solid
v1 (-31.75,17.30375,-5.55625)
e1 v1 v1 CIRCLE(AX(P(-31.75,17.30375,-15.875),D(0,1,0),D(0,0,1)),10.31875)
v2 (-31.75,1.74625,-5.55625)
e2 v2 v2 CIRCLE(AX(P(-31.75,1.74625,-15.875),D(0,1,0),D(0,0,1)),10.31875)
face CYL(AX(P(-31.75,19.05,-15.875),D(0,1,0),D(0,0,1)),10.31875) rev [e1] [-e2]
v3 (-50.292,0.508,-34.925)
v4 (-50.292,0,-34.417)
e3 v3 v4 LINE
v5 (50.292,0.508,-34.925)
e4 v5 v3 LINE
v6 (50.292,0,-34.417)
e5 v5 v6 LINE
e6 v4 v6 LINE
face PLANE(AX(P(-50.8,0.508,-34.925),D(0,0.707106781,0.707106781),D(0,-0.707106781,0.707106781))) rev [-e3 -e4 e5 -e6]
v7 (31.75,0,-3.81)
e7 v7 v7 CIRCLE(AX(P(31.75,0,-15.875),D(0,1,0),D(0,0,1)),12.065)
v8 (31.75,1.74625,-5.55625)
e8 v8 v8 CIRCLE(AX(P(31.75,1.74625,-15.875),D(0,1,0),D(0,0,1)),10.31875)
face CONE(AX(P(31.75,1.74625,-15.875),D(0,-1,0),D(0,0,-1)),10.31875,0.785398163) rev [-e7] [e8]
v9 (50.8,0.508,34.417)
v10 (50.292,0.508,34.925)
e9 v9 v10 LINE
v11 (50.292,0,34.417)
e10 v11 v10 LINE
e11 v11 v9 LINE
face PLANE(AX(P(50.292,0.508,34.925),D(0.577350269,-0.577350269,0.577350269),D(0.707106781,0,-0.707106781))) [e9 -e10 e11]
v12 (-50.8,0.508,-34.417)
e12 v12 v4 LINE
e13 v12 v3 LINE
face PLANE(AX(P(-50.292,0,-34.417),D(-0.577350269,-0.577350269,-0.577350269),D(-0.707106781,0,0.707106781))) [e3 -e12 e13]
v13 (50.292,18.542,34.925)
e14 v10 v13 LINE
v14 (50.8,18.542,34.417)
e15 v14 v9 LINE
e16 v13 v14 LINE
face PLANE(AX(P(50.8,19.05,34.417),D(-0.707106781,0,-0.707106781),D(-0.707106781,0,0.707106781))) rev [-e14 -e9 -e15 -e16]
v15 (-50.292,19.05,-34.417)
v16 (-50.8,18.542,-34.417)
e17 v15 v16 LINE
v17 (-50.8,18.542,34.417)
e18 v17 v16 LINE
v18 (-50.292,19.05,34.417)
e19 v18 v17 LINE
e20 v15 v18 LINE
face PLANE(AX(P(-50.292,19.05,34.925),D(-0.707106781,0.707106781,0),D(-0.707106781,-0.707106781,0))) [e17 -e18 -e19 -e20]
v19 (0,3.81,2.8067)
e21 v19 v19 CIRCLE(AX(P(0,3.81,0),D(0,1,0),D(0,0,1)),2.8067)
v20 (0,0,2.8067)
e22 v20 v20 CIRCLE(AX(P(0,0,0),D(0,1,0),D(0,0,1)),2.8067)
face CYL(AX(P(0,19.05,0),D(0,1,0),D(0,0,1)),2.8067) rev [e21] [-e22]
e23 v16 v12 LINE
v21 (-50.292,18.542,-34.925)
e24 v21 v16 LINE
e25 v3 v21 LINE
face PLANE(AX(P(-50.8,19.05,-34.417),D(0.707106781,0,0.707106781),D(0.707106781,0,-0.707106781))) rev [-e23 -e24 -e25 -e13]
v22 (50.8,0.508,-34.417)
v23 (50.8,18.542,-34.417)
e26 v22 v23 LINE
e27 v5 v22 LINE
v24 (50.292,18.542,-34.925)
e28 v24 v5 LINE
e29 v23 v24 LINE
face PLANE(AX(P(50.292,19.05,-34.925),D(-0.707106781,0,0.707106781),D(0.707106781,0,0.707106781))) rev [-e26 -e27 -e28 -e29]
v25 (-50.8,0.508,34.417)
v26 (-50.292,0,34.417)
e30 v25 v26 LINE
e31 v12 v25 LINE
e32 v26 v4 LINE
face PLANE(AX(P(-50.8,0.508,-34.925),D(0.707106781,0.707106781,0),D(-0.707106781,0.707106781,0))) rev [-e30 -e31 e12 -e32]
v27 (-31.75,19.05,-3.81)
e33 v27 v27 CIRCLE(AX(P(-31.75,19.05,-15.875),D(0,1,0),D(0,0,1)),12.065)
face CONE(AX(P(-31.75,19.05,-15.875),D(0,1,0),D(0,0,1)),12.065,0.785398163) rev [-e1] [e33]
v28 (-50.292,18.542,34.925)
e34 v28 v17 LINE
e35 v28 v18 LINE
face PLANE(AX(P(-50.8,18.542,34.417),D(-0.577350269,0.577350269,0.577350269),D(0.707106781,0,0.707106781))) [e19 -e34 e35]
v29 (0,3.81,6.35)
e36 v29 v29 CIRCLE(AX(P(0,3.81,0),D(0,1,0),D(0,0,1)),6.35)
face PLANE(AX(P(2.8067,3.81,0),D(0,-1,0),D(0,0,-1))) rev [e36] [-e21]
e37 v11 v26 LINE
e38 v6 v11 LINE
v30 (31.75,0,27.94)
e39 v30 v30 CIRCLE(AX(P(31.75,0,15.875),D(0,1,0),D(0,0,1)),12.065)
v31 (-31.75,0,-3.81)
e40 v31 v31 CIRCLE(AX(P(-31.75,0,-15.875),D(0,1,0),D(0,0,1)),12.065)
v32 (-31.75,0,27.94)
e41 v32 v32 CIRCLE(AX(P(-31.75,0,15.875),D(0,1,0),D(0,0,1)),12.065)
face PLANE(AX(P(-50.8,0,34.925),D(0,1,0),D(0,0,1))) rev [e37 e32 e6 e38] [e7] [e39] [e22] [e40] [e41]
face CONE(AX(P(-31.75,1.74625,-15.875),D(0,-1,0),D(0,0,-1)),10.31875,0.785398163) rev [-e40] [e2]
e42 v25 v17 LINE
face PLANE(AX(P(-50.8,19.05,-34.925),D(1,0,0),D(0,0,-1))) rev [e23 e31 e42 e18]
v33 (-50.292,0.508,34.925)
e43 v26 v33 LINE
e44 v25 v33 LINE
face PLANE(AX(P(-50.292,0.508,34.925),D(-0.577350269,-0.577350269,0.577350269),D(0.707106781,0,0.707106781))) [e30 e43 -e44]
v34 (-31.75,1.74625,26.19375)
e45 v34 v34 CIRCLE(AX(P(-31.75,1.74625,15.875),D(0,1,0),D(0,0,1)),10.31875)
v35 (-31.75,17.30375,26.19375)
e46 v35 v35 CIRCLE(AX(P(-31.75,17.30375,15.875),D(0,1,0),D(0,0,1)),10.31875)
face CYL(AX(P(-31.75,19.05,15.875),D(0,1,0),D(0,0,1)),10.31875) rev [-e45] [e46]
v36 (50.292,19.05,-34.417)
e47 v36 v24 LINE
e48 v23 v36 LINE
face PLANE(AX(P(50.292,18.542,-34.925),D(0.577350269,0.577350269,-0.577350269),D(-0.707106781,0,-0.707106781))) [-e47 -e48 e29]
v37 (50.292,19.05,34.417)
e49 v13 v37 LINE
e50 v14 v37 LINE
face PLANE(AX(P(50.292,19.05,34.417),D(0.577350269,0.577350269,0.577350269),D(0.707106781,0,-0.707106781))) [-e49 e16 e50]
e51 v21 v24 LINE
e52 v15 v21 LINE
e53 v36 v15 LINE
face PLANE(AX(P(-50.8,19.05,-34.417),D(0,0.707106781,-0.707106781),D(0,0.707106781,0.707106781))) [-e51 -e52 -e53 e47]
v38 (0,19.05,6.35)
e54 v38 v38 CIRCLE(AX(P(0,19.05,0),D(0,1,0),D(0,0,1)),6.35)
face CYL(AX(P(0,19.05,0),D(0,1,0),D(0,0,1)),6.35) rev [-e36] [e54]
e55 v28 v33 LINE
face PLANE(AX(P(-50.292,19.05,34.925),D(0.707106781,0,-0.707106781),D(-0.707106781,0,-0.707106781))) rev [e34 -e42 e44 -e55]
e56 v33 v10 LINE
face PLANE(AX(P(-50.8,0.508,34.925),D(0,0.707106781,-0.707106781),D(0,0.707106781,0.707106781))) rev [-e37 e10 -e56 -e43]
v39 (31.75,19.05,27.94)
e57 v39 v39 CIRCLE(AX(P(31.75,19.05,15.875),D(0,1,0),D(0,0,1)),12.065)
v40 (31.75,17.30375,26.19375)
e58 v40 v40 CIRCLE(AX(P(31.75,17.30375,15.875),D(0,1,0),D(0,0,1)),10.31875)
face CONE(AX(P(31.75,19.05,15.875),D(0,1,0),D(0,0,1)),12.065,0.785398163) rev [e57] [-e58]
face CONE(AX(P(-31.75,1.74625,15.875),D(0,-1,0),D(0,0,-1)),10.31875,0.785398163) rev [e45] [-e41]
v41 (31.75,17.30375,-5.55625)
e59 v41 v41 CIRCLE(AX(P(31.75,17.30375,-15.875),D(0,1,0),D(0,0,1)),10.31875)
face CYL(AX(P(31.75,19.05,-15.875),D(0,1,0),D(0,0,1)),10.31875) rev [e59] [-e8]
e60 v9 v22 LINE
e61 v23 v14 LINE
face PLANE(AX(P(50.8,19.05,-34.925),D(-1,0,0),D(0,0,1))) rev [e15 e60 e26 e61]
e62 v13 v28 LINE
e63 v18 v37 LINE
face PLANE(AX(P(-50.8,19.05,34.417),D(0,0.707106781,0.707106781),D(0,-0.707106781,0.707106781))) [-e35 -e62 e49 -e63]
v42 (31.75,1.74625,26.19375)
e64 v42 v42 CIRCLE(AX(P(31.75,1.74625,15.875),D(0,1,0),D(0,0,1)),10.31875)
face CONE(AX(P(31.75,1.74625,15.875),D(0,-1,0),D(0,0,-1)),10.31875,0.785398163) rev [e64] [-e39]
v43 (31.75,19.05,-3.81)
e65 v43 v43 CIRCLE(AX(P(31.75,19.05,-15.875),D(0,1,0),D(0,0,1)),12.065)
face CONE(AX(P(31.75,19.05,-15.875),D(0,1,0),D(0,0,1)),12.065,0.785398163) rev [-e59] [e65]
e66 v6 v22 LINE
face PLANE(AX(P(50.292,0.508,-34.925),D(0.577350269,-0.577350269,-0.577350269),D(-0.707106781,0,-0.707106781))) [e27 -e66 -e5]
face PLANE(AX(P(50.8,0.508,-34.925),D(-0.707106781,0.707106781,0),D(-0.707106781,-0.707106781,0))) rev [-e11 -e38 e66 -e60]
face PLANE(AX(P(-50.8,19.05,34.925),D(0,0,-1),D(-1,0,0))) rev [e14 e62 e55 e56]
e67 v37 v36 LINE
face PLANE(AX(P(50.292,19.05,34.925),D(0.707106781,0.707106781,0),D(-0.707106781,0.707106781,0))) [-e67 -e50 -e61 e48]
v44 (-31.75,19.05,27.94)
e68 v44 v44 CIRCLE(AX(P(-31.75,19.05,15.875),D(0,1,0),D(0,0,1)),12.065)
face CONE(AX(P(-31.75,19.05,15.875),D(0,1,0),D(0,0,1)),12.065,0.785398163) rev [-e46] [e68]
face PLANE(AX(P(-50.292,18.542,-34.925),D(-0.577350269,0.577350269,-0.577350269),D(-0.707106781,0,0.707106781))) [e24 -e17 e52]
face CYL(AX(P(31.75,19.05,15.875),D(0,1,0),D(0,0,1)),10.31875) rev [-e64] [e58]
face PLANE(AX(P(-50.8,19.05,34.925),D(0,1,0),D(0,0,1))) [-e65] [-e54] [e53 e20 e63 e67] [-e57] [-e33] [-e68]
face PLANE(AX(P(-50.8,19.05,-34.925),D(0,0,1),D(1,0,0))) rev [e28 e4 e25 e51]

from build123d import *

# Parameters (mm, degrees)
SKETCH1_W                                       = 101.6
SKETCH1_H                                       = 69.85
EXTRUDE1_DEPTH                                  = 19.05
F_13_16_0_8125_DIAMETER_HOLE1_AT_2_COUNT        = 2
F_13_16_0_8125_DIAMETER_HOLE1_AT_2_PITCH        = 31.75
F_13_16_0_8125_DIAMETER_HOLE1_AT_3_COUNT        = 2
F_13_16_0_8125_DIAMETER_HOLE1_AT_3_PITCH        = 70.995158286
F_13_16_0_8125_DIAMETER_HOLE1_AT_4_COUNT        = 2
F_13_16_0_8125_DIAMETER_HOLE1_AT_4_PITCH        = 63.5
CBORE_FOR_10_SOCKET_HEAD_CAP_SCREW1_D           = 5.6134
CBORE_FOR_10_SOCKET_HEAD_CAP_SCREW1_CBORE_D     = 12.7
CBORE_FOR_10_SOCKET_HEAD_CAP_SCREW1_CBORE_DEPTH = 15.24
CHAMFER1_SIZE                                   = 0.508


with BuildPart() as part:
    # Sketch1 → Extrude1 (new body)
    with BuildSketch(Plane(origin=(0, 0, 0), x_dir=(1, 0, 0), z_dir=(0, 1, 0))):
        Rectangle(SKETCH1_W, SKETCH1_H)
    extrude(amount=EXTRUDE1_DEPTH)

    # Sketch3 → 13/16 (0.8125) Diameter Hole1 (revolve, cut)
    with BuildSketch(Plane(origin=(31.75, 19.05, 15.875), x_dir=(0, 0, 1), z_dir=(1, 0, 0))):
        Polygon((0, 0), (0, 19.05), (12.065, 19.05), (10.31875, 17.30375), (10.31875, 1.74625), (12.065, 0), align=None)
    f_13_16_0_8125_diameter_hole1 = revolve(axis=Axis((31.75, 25.4, 15.875), (0, -1, 0)), mode=Mode.SUBTRACT)

    # 13/16 (0.8125) Diameter Hole1 at 2: 13/16 (0.8125) Diameter Hole1 ×2
    with Locations(*[(0, 0, -i * F_13_16_0_8125_DIAMETER_HOLE1_AT_2_PITCH) for i in range(1, F_13_16_0_8125_DIAMETER_HOLE1_AT_2_COUNT)]):
        add(f_13_16_0_8125_diameter_hole1, mode=Mode.SUBTRACT)

    # 13/16 (0.8125) Diameter Hole1 at 3: 13/16 (0.8125) Diameter Hole1 ×2
    with Locations(*[Vector(-0.894427191, 0, -0.447213595) * (i * F_13_16_0_8125_DIAMETER_HOLE1_AT_3_PITCH) for i in range(1, F_13_16_0_8125_DIAMETER_HOLE1_AT_3_COUNT)]):
        add(f_13_16_0_8125_diameter_hole1, mode=Mode.SUBTRACT)

    # 13/16 (0.8125) Diameter Hole1 at 4: 13/16 (0.8125) Diameter Hole1 ×2
    with Locations(*[(-i * F_13_16_0_8125_DIAMETER_HOLE1_AT_4_PITCH, 0, 0) for i in range(1, F_13_16_0_8125_DIAMETER_HOLE1_AT_4_COUNT)]):
        add(f_13_16_0_8125_diameter_hole1, mode=Mode.SUBTRACT)

    # CBORE for #10 Socket Head Cap Screw1 (through all)
    with Locations(Plane(origin=(0, 19.05, 0), x_dir=(-1, 0, 0), z_dir=(0, 1, 0))):
        with Locations((0, 0)):
            CounterBoreHole(CBORE_FOR_10_SOCKET_HEAD_CAP_SCREW1_D / 2, CBORE_FOR_10_SOCKET_HEAD_CAP_SCREW1_CBORE_D / 2, CBORE_FOR_10_SOCKET_HEAD_CAP_SCREW1_CBORE_DEPTH)

    # Chamfer1
    chamfer1_edges = [part.edges().sort_by_distance(p)[0] for p in [
        (50.8, 19.05, 0),
        (0, 19.05, -34.925),
        (-50.8, 19.05, 0),
        (0, 0, -34.925),
        (50.8, 0, 0),
        (0, 0, 34.925),
        (-50.8, 0, 0),
        (0, 19.05, 34.925),
        (-50.8, 9.525, -34.925),
        (50.8, 9.525, -34.925),
        (50.8, 9.525, 34.925),
        (-50.8, 9.525, 34.925),
    ]]
    chamfer(chamfer1_edges, length=CHAMFER1_SIZE)


solid = part.part
